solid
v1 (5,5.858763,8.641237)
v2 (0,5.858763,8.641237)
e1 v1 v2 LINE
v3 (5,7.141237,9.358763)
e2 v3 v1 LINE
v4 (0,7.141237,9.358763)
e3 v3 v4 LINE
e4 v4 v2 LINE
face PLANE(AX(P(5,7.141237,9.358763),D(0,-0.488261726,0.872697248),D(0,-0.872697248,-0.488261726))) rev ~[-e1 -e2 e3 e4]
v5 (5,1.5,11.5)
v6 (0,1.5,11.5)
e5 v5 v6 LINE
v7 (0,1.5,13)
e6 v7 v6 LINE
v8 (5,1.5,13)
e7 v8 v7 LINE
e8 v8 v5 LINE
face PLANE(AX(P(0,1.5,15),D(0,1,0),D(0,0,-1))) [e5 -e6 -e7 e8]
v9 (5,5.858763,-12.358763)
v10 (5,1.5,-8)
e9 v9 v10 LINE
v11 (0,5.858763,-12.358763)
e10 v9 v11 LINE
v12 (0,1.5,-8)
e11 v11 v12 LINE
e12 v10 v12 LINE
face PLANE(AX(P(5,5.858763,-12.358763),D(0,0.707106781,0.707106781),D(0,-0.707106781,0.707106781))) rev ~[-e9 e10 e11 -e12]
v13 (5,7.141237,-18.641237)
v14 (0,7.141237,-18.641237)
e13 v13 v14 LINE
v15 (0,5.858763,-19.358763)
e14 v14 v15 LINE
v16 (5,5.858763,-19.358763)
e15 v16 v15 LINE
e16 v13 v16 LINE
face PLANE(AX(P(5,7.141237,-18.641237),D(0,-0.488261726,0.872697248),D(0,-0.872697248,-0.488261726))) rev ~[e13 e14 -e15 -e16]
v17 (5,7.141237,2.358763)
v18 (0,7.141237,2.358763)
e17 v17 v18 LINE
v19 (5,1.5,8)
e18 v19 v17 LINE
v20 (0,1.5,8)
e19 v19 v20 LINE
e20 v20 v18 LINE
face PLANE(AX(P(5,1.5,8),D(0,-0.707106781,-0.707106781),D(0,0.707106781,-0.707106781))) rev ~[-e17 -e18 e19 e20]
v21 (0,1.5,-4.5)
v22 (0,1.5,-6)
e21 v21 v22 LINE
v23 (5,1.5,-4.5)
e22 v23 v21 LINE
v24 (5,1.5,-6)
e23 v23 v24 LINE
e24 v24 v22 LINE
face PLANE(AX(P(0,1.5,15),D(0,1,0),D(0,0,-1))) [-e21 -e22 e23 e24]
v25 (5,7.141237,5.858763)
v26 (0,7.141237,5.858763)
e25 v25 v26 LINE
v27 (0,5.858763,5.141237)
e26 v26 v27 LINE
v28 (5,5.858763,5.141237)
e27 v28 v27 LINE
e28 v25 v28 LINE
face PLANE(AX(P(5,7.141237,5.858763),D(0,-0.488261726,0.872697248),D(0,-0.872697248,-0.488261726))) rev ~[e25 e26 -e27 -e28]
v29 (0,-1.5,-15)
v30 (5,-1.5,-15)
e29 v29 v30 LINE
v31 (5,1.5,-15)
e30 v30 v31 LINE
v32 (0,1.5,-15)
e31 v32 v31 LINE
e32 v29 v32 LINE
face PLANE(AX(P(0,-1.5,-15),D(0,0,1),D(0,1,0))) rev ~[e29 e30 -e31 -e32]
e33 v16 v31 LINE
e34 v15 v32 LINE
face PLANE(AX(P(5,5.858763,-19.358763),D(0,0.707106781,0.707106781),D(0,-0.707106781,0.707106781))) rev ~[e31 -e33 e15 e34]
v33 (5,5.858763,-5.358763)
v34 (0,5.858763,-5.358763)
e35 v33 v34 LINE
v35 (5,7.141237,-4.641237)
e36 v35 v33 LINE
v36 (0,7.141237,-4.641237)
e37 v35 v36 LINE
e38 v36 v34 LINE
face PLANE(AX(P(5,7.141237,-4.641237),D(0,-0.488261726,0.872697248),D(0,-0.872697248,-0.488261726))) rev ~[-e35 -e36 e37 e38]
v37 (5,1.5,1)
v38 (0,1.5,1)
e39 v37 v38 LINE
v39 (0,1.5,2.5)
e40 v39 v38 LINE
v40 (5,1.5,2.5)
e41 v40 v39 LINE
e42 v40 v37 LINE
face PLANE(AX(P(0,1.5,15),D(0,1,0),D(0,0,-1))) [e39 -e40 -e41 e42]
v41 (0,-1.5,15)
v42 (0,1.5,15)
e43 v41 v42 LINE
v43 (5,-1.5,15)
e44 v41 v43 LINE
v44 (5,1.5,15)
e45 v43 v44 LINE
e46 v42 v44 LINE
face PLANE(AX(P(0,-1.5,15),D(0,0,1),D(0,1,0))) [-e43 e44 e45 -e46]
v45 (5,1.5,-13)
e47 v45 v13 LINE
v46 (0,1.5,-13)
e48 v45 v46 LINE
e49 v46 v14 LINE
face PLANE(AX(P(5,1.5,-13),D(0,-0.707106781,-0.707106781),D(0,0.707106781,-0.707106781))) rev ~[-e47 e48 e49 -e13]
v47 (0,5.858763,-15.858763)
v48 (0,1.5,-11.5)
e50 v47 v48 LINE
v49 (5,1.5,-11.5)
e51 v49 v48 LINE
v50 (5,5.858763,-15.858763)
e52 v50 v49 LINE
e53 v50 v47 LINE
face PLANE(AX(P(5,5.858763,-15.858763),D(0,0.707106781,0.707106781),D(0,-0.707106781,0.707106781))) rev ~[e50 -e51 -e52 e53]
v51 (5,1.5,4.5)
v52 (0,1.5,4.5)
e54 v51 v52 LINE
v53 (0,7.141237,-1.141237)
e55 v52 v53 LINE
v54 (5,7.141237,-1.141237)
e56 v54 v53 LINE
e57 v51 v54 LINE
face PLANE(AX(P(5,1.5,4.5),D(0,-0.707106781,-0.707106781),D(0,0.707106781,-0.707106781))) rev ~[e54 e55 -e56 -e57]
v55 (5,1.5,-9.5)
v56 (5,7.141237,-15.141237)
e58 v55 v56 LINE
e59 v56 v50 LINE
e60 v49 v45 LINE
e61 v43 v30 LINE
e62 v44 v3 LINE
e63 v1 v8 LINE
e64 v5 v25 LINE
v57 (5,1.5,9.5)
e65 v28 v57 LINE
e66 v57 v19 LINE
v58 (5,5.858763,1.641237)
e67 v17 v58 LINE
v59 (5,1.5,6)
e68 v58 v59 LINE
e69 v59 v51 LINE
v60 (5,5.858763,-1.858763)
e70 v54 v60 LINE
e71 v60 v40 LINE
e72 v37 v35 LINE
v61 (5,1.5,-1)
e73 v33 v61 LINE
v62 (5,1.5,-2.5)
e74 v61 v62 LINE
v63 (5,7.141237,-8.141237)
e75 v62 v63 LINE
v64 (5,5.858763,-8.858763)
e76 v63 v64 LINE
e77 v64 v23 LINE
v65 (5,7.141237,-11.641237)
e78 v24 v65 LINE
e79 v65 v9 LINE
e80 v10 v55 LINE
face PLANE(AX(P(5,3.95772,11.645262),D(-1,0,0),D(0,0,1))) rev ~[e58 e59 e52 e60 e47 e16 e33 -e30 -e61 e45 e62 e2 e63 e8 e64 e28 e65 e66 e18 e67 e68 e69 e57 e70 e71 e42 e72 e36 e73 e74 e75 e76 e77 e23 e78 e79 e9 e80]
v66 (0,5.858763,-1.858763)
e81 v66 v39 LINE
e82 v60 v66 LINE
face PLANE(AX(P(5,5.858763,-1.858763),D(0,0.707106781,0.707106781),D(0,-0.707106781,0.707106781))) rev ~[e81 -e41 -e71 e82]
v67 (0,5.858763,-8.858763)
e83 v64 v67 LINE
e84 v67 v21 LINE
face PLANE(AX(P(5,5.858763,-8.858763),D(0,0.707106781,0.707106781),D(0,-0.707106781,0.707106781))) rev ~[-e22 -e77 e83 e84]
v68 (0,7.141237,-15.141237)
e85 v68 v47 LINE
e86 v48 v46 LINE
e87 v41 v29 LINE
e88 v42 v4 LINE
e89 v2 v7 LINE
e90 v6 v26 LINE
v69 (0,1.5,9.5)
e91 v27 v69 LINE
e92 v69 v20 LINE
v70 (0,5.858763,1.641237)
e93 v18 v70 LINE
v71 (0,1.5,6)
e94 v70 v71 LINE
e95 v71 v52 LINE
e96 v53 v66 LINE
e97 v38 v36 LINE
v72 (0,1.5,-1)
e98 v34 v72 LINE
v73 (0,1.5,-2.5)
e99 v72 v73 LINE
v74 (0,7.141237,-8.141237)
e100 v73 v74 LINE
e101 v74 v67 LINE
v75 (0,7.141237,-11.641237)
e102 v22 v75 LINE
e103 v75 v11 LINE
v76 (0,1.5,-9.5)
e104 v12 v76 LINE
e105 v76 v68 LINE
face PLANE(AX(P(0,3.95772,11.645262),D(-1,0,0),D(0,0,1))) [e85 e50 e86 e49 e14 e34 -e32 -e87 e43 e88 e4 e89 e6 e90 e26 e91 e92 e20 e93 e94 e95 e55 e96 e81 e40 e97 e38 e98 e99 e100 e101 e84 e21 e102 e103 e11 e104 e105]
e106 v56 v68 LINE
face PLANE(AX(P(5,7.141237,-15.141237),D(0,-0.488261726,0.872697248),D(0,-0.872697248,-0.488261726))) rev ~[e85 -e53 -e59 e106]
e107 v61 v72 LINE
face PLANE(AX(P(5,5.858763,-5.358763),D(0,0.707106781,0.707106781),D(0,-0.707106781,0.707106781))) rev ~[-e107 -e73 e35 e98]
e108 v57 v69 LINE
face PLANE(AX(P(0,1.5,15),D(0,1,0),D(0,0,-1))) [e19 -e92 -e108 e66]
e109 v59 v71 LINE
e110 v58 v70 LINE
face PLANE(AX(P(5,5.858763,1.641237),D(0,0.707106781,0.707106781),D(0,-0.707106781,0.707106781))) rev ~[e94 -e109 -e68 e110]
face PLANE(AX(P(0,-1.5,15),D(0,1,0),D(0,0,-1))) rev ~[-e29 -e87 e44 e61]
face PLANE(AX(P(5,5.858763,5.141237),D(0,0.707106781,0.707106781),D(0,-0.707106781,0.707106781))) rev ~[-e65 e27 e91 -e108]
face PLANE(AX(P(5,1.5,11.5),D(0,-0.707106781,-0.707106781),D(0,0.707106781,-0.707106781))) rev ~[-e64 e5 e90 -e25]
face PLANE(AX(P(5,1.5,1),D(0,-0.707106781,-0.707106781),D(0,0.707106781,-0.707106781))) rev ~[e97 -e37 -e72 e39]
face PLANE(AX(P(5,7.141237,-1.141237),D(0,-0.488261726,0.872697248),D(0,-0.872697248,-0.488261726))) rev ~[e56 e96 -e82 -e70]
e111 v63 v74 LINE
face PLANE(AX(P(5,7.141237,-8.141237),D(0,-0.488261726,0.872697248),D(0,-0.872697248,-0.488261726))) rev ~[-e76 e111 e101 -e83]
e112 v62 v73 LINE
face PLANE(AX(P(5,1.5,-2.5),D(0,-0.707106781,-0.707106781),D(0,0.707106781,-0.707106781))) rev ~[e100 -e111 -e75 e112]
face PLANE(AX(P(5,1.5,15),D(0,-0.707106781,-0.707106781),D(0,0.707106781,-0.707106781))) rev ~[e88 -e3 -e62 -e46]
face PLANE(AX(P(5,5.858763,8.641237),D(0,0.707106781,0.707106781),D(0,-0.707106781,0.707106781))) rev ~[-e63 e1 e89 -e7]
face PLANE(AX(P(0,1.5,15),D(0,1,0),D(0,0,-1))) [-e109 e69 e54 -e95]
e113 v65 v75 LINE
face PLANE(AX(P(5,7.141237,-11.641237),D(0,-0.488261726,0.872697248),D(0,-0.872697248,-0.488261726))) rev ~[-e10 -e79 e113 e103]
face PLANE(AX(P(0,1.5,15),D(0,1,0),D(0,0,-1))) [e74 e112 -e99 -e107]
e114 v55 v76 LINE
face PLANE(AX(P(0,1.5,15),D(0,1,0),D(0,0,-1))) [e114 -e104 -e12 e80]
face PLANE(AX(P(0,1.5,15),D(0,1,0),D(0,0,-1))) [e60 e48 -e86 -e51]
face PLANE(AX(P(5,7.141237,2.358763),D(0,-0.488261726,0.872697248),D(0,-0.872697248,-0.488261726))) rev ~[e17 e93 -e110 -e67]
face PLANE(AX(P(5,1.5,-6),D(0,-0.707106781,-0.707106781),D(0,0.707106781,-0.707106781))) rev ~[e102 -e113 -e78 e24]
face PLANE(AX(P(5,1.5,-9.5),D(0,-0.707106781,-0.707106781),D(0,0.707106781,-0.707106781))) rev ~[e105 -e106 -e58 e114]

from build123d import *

# Parameters (mm, degrees)
SKETCH1_W           = 30
SKETCH1_H           = 3
BOSS_EXTRUDE1_DEPTH = 5
BOSS_EXTRUDE3_DEPTH = 5
LPATTERN2_COUNT     = 9
LPATTERN2_PITCH     = 3.5


with BuildPart() as part:
    # Sketch1 → Boss-Extrude1 (new body)
    with BuildSketch(Plane(origin=(0, 0, 0), x_dir=(0, 0, -1), z_dir=(1, 0, 0))):
        Rectangle(SKETCH1_W, SKETCH1_H)
    extrude(amount=BOSS_EXTRUDE1_DEPTH)

    # Sketch2 → Boss-Extrude3 (add)
    with BuildSketch(Plane(origin=(5, 0, 0), x_dir=(0, 0, -1), z_dir=(1, 0, 0))):
        Polygon((15, 1.5), (13, 1.5), (18.641236999, 7.141236999), (19.358763001, 5.858763001), align=None)
    boss_extrude3 = extrude(amount=-BOSS_EXTRUDE3_DEPTH)

    # LPattern2: Boss-Extrude3 ×9
    with Locations(*[(0, 0, i * LPATTERN2_PITCH) for i in range(1, LPATTERN2_COUNT)]):
        add(boss_extrude3)


solid = part.part
